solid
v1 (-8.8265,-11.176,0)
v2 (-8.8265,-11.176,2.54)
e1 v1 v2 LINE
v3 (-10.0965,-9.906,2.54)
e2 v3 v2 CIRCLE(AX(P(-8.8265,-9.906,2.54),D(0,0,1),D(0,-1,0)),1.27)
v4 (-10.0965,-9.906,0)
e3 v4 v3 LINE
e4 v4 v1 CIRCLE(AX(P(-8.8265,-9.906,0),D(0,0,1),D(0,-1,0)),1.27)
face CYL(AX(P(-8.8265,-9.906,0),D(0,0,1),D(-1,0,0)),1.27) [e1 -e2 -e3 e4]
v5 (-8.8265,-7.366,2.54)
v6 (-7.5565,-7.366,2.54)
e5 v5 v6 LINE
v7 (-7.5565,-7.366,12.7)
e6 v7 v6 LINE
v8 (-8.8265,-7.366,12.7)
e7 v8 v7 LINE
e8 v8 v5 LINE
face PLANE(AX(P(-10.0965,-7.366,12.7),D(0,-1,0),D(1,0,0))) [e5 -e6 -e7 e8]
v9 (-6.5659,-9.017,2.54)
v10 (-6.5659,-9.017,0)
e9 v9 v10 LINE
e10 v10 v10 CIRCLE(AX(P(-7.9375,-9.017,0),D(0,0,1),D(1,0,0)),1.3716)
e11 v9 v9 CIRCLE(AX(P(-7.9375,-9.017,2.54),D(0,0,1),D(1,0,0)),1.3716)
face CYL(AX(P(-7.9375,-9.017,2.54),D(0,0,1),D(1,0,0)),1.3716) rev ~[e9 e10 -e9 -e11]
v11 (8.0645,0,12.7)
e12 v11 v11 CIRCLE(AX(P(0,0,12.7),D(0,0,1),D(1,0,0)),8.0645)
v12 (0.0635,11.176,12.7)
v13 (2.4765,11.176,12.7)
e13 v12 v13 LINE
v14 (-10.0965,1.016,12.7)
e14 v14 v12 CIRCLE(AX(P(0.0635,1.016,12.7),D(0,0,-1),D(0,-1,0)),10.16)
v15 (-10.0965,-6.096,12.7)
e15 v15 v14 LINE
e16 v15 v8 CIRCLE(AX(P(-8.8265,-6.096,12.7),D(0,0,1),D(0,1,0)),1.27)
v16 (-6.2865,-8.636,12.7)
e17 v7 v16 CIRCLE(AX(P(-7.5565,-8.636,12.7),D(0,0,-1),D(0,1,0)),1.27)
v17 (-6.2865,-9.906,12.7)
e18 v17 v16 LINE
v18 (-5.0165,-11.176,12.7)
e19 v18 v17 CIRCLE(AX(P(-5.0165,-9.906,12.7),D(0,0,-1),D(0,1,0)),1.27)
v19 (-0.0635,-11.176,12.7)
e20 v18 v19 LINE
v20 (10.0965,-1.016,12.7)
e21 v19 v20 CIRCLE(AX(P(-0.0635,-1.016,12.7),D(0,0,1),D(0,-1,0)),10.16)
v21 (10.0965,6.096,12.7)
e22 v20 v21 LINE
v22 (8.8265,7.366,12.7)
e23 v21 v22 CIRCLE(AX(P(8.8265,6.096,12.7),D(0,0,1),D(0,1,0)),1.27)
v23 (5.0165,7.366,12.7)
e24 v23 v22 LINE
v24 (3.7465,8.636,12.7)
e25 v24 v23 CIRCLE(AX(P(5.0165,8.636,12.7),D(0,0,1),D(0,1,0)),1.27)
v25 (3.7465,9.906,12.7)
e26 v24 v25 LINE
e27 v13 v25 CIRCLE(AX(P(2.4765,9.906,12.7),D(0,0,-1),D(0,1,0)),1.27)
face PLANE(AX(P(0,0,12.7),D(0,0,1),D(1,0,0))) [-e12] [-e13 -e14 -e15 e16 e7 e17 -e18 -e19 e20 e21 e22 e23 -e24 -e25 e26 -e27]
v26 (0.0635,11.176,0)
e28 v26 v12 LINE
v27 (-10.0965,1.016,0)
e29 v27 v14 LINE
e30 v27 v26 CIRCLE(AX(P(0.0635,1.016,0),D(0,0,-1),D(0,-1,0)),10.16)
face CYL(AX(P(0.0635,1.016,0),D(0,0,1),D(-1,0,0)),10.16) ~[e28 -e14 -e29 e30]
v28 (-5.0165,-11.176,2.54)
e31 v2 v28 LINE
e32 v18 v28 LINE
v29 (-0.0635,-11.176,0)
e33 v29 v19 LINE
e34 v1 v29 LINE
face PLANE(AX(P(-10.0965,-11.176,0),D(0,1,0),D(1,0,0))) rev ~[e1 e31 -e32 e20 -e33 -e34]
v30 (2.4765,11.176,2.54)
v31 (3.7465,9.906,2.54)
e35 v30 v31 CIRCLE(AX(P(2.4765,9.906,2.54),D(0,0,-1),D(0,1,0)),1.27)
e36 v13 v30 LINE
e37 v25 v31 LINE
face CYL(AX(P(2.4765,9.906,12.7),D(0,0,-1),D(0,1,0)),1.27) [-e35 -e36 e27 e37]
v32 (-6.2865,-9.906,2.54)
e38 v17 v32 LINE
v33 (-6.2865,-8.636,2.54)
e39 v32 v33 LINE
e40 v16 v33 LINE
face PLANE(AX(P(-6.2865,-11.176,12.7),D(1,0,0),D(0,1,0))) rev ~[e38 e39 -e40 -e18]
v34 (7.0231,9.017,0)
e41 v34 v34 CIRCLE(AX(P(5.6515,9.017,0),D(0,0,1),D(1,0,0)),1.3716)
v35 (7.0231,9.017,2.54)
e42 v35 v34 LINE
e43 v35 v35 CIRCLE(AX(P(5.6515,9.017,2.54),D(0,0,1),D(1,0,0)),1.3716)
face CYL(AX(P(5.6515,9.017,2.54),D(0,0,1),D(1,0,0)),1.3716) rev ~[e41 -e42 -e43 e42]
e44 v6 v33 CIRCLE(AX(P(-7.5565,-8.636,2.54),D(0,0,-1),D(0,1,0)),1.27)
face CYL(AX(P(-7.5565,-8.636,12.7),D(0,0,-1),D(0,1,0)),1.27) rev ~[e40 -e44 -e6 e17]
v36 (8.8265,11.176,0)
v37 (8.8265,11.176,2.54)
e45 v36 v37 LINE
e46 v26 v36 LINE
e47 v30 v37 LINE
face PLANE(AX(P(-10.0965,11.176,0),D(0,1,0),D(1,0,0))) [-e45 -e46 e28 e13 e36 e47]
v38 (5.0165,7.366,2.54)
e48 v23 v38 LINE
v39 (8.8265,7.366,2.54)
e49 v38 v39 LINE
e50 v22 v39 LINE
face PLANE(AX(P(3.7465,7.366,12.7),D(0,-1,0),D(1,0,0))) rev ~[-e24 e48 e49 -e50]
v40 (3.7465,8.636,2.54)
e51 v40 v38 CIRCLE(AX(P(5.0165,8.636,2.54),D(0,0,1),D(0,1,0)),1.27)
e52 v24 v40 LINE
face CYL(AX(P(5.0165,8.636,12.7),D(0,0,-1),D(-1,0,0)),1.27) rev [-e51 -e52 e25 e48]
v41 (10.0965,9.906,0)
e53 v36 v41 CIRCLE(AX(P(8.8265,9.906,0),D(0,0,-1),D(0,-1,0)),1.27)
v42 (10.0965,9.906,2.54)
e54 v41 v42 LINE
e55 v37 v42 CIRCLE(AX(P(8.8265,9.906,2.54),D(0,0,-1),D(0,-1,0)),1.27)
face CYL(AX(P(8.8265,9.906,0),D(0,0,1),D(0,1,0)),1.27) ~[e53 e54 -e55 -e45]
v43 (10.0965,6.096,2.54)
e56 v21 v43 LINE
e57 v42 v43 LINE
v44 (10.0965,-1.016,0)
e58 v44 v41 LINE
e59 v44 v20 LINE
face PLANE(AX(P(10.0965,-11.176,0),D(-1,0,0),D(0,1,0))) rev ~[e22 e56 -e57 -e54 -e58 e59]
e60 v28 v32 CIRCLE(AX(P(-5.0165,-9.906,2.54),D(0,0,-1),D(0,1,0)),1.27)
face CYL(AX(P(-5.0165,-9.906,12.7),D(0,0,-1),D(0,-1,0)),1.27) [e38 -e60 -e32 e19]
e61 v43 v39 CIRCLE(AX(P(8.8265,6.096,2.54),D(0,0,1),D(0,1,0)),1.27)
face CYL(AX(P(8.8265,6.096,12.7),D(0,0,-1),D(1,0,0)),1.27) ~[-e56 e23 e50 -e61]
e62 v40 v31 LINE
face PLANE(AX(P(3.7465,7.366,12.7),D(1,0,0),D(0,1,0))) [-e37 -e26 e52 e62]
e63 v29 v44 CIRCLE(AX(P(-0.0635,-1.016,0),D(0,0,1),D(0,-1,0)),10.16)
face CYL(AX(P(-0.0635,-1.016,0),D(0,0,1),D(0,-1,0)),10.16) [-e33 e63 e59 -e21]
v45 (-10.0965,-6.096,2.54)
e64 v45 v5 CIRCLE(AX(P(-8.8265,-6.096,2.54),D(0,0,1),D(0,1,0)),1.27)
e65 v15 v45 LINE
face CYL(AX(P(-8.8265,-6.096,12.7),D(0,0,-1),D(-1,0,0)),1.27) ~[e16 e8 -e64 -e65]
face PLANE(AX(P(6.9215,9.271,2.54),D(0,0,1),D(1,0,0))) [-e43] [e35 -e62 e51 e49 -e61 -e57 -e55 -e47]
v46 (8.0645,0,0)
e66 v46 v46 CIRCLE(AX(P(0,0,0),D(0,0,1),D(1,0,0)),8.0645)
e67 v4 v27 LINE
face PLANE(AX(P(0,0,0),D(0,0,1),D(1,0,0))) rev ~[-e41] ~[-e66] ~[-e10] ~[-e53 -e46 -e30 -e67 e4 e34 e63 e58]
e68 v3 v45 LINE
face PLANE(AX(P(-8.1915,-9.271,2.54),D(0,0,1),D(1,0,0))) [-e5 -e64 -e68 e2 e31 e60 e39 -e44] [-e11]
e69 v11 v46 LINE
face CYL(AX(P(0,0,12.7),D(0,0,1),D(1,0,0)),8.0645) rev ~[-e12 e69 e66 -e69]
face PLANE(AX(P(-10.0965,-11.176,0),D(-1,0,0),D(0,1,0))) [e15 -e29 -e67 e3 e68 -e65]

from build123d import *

# Parameters (mm, degrees)
F0_W      = 20.193
F0_H      = 22.352
F1_DEPTH  = 12.7
F2_R      = 8.0645
F3_DEPTH  = 12.7
F5_W      = 3.81
F5_H      = 3.81
F6_DEPTH  = 10.16
F4_W      = 6.35
F4_H      = 3.81
F7_DEPTH  = 10.16
F8_R      = 10.16
F9_R      = 1.27
F11_R     = 1.3716
F12_DEPTH = 2.54
F10_R     = 1.3716
F13_DEPTH = 2.54


with BuildPart() as f1:
    # F0 (on Top) → F1 (new body)
    with BuildSketch(Plane.XY):
        Rectangle(F0_W, F0_H)
    extrude(amount=F1_DEPTH)

    # F2 (on face) → F3 (cut)
    with BuildSketch(Plane.XY.offset(12.7)):
        Circle(F2_R)
    extrude(amount=-F3_DEPTH, mode=Mode.SUBTRACT)

    # F5 (on face) → F6 (cut)
    with BuildSketch(Plane.XY.offset(12.7)):
        with Locations((-8.1915, -9.271)):
            Rectangle(F5_W, F5_H)
    extrude(amount=-F6_DEPTH, mode=Mode.SUBTRACT)

    # F4 (on face) → F7 (cut)
    with BuildSketch(Plane.XY.offset(12.7)):
        with Locations((6.9215, 9.271)):
            Rectangle(F4_W, F4_H)
    extrude(amount=-F7_DEPTH, mode=Mode.SUBTRACT)

    # F8
    f8_edges = [f1.edges().sort_by_distance(p)[0] for p in [
        (-10.0965, 11.176, 6.35),
        (10.0965, -11.176, 6.35),
    ]]
    fillet(f8_edges, radius=F8_R)

    # F9
    f9_edges = [f1.edges().sort_by_distance(p)[0] for p in [
        (-10.0965, -7.366, 7.62),
        (-6.2865, -11.176, 7.62),
        (3.7465, 11.176, 7.62),
        (10.0965, 7.366, 7.62),
        (3.7465, 7.366, 7.62),
        (-6.2865, -7.366, 7.62),
        (-10.0965, -11.176, 1.27),
        (10.0965, 11.176, 1.27),
    ]]
    fillet(f9_edges, radius=F9_R)

    # F11 (on face) → F12 (cut)
    with BuildSketch(Plane.XY.offset(2.54)):
        with Locations((-7.9375, -9.017)):
            Circle(F11_R)
    extrude(amount=-F12_DEPTH, mode=Mode.SUBTRACT)

    # F10 (on face) → F13 (cut)
    with BuildSketch(Plane.XY.offset(2.54)):
        with Locations((5.6515, 9.017)):
            Circle(F10_R)
    extrude(amount=-F13_DEPTH, mode=Mode.SUBTRACT)


solid = f1.part
